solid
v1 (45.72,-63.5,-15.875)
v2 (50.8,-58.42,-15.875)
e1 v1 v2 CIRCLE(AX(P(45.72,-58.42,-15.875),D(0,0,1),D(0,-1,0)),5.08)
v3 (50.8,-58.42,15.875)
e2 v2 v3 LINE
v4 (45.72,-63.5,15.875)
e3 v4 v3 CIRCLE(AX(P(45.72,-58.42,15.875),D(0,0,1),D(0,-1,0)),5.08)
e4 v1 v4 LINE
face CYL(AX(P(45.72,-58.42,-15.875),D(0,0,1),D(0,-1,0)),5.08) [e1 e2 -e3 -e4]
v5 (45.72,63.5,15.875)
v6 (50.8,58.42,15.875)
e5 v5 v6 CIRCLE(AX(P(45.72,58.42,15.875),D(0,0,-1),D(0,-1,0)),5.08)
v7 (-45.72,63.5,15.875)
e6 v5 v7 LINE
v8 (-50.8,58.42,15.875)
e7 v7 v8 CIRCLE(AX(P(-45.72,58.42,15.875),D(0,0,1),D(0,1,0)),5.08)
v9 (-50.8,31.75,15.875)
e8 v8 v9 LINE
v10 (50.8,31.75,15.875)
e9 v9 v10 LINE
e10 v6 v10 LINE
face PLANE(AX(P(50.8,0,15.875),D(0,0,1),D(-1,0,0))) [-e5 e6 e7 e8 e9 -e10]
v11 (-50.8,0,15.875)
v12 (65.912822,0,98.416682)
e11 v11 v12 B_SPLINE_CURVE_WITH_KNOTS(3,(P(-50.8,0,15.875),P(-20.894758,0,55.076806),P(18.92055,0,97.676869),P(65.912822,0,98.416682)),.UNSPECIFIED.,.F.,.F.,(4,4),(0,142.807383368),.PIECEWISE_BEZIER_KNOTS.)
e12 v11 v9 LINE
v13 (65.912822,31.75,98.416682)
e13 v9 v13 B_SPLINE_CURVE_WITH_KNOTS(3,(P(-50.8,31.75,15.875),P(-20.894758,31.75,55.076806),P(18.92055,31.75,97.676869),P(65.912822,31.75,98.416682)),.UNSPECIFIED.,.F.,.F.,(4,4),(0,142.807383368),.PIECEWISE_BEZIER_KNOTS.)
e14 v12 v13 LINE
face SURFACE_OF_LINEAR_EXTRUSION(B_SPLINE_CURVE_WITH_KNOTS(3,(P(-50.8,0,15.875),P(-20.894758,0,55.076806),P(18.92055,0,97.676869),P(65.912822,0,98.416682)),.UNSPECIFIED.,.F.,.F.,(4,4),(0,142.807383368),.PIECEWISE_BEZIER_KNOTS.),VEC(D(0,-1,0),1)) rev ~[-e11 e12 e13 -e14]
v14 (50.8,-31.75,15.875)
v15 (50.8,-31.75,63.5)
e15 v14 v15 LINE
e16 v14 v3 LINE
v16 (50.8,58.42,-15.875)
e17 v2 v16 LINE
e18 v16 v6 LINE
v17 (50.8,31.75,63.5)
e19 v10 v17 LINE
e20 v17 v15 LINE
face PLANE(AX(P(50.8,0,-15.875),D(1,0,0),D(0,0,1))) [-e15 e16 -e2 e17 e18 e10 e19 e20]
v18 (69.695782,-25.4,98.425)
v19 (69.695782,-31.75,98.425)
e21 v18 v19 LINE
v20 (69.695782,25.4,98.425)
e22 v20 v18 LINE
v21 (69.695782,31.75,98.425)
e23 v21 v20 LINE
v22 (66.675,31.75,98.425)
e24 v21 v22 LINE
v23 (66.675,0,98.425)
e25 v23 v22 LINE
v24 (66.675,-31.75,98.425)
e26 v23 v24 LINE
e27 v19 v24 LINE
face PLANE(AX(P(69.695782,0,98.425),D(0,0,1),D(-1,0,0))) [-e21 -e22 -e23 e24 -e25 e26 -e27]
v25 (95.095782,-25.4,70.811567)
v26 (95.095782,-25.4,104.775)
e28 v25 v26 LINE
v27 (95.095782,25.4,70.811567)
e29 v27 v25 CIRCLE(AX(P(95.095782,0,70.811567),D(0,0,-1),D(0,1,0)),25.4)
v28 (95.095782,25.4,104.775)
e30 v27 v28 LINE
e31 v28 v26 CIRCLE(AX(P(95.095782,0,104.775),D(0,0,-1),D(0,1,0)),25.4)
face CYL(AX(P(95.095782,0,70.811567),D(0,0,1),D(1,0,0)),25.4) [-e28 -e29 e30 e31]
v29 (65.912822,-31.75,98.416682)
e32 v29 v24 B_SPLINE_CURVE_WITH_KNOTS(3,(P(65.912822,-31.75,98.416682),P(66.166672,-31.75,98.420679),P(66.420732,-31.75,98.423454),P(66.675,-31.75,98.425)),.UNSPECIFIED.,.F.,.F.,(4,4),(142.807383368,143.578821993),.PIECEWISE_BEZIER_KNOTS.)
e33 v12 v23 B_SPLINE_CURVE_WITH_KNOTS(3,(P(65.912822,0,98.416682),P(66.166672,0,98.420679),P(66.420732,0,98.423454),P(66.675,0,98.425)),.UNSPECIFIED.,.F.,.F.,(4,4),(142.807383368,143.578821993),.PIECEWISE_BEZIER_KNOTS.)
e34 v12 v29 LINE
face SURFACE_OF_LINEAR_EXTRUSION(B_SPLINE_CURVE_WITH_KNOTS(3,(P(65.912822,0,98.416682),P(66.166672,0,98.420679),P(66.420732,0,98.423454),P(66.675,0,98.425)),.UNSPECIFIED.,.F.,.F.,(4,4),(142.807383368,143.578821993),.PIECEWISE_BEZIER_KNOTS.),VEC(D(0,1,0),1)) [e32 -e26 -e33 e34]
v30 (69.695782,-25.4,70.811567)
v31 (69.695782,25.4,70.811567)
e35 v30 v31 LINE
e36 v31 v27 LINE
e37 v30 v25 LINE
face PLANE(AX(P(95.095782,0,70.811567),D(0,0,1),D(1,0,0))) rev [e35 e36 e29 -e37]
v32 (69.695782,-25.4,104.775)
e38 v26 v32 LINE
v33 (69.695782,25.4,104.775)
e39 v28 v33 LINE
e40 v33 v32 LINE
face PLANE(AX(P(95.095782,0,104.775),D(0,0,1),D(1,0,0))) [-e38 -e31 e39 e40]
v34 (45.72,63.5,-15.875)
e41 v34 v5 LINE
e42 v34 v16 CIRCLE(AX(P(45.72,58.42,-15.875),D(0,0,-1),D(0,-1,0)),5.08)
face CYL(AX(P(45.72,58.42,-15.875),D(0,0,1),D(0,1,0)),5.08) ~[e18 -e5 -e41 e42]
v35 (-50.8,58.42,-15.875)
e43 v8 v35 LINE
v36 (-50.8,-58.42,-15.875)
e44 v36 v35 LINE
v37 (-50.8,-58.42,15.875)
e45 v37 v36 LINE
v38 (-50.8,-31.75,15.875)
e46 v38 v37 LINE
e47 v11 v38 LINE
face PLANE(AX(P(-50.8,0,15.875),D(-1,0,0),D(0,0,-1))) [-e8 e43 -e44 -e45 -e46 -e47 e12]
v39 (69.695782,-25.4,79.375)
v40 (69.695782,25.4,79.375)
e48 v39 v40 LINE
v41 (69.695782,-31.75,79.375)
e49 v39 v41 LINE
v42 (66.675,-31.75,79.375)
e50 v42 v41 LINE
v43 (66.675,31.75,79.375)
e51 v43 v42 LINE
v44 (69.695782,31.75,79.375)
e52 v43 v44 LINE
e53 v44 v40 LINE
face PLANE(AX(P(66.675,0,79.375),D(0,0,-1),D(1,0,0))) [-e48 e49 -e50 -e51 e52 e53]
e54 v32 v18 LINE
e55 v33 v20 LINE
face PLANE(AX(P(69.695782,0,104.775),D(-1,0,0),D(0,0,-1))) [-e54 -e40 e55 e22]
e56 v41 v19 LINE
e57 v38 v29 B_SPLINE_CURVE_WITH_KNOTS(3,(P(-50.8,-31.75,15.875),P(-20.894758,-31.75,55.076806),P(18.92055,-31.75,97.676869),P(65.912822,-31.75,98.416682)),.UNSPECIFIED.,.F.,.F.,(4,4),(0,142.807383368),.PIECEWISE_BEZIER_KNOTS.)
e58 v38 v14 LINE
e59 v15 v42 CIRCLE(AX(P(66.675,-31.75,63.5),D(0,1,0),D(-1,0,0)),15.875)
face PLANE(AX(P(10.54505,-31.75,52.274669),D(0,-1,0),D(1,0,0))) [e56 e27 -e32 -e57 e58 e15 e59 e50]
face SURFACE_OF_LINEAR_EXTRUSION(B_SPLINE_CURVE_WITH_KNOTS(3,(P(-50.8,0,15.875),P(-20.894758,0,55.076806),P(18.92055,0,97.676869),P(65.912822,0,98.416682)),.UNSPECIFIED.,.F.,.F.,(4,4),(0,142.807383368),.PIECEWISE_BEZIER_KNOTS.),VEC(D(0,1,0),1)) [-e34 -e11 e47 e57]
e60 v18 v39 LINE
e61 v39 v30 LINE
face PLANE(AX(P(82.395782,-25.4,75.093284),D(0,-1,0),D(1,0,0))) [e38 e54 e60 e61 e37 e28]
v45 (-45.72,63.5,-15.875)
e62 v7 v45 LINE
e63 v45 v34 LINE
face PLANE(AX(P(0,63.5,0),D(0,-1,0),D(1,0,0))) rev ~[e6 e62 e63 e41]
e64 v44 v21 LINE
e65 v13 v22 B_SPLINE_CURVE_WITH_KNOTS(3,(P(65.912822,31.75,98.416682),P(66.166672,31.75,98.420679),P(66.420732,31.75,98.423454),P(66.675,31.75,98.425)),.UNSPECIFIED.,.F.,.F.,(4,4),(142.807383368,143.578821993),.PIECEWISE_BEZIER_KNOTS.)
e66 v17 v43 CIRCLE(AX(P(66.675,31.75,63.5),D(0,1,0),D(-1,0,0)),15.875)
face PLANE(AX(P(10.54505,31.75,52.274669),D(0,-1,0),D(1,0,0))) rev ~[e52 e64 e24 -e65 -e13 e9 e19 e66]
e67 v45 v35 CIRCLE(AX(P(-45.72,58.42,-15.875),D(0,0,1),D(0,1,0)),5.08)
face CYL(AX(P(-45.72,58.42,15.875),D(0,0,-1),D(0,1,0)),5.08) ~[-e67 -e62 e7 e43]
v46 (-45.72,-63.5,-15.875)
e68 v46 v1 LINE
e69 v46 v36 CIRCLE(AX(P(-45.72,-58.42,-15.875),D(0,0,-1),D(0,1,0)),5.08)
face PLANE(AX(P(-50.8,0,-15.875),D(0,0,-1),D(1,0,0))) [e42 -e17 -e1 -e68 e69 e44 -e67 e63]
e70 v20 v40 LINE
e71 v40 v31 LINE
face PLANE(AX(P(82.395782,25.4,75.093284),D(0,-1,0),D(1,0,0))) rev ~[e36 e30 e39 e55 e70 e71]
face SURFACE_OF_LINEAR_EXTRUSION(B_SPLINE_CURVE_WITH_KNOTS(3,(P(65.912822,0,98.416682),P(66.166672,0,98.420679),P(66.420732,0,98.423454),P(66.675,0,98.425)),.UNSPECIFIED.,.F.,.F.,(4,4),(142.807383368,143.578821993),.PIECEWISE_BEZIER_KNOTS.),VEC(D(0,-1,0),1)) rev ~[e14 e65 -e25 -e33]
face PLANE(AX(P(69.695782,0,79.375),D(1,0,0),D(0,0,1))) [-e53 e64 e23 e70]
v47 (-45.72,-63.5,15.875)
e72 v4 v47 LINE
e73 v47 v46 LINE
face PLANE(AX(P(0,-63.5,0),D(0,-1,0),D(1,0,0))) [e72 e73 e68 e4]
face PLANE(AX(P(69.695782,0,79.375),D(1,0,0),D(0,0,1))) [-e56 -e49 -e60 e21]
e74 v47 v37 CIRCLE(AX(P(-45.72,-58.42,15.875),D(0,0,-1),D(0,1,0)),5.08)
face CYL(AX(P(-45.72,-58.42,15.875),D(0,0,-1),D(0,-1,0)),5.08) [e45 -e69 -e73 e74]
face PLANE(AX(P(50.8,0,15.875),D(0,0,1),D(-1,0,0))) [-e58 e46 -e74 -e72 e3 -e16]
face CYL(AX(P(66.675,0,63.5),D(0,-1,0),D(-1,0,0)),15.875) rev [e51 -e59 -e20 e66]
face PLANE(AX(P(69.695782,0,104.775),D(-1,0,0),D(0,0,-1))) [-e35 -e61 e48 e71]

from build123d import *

# Parameters (mm, degrees)
F1_DEPTH = 63.5
F2_DEPTH = 31.75
F0_W     = 25.4
F0_H     = 8.5634328214
F3_DEPTH = 25.4
F5_R     = 5.08


with BuildPart() as f1:
    # F0 (on Front) → F1 (new body, symmetric)
    with BuildSketch(Plane.XZ):
        Polygon((50.8, -15.875), (50.8, 15.875), (31.75, 15.875), (-50.8, 15.875), (-50.8, -15.875), align=None)
    extrude(amount=F1_DEPTH, both=True)

    # F0 (on Front) → F2 (join, symmetric)
    with BuildSketch(Plane.XZ):
        with BuildLine():
            Line((-50.8, 15.875), (31.75, 15.875))
            Line((31.75, 15.875), (31.75, 63.5))
            ThreePointArc((31.75, 63.5), (41.7112794582, 87.9247473214), (65.9128221454, 98.4166824014))
            add(Edge.make_bspline(
                [(-50.8, 15.875), (-20.8947578711, 55.0768055935), (18.9205500182, 97.6768686264), (65.9128221454, 98.4166824014)],
                knots=[0, 0, 0, 0, 142.8073833678, 142.8073833678, 142.8073833678, 142.8073833678], degree=3))
        make_face()
        with BuildLine():
            Line((31.75, 15.875), (50.8, 15.875))
            Line((50.8, 15.875), (50.8, 63.5))
            ThreePointArc((50.8, 63.5), (55.4496798487, 74.7253201513), (66.675, 79.375))
            Line((66.675, 79.375), (69.6957821591, 79.375))
            Line((69.6957821591, 79.375), (69.6957821591, 98.425))
            Line((69.6957821591, 98.425), (66.675, 98.425))
            add(Edge.make_bspline(
                [(65.9128221454, 98.4166824014), (66.1666721422, 98.4206788398), (66.4207315707, 98.4234537508), (66.675, 98.425)],
                knots=[142.8073833678, 142.8073833678, 142.8073833678, 142.8073833678, 143.5788219934, 143.5788219934, 143.5788219934, 143.5788219934], degree=3))
            ThreePointArc((65.9128221454, 98.4166824014), (41.7112794582, 87.9247473214), (31.75, 63.5))
            Line((31.75, 63.5), (31.75, 15.875))
        make_face()
    extrude(amount=F2_DEPTH, both=True)

    # F0 (on Front) → F3 (join, symmetric)
    with BuildSketch(Plane.XZ):
        with Locations((82.3957821591, 75.0932835893)):
            Rectangle(F0_W, F0_H)
        Polygon((69.6957821591, 98.425), (69.6957821591, 79.375), (95.0957821591, 79.375), (95.0957821591, 104.775), (69.6957821591, 104.775), align=None)
    extrude(amount=F3_DEPTH, both=True)

    # F0 (on Front) → F4 (revolve)
    with BuildSketch(Plane.XZ):
        Polygon((95.0957821591, 104.775), (95.0957821591, 79.375), (95.0957821591, 70.8115671786), (120.4957821591, 70.8115671786), (120.4957821591, 104.775), align=None)
    revolve(axis=Axis((95.0957821591, 0, 87.7932835893), (0, 0, 1)))

    # F5
    f5_edges = [f1.edges().sort_by_distance(p)[0] for p in [
        (50.8, -63.5, 0),
        (-50.8, -63.5, 0),
        (-50.8, 63.5, 0),
        (50.8, 63.5, 0),
    ]]
    fillet(f5_edges, radius=F5_R)


solid = f1.part
